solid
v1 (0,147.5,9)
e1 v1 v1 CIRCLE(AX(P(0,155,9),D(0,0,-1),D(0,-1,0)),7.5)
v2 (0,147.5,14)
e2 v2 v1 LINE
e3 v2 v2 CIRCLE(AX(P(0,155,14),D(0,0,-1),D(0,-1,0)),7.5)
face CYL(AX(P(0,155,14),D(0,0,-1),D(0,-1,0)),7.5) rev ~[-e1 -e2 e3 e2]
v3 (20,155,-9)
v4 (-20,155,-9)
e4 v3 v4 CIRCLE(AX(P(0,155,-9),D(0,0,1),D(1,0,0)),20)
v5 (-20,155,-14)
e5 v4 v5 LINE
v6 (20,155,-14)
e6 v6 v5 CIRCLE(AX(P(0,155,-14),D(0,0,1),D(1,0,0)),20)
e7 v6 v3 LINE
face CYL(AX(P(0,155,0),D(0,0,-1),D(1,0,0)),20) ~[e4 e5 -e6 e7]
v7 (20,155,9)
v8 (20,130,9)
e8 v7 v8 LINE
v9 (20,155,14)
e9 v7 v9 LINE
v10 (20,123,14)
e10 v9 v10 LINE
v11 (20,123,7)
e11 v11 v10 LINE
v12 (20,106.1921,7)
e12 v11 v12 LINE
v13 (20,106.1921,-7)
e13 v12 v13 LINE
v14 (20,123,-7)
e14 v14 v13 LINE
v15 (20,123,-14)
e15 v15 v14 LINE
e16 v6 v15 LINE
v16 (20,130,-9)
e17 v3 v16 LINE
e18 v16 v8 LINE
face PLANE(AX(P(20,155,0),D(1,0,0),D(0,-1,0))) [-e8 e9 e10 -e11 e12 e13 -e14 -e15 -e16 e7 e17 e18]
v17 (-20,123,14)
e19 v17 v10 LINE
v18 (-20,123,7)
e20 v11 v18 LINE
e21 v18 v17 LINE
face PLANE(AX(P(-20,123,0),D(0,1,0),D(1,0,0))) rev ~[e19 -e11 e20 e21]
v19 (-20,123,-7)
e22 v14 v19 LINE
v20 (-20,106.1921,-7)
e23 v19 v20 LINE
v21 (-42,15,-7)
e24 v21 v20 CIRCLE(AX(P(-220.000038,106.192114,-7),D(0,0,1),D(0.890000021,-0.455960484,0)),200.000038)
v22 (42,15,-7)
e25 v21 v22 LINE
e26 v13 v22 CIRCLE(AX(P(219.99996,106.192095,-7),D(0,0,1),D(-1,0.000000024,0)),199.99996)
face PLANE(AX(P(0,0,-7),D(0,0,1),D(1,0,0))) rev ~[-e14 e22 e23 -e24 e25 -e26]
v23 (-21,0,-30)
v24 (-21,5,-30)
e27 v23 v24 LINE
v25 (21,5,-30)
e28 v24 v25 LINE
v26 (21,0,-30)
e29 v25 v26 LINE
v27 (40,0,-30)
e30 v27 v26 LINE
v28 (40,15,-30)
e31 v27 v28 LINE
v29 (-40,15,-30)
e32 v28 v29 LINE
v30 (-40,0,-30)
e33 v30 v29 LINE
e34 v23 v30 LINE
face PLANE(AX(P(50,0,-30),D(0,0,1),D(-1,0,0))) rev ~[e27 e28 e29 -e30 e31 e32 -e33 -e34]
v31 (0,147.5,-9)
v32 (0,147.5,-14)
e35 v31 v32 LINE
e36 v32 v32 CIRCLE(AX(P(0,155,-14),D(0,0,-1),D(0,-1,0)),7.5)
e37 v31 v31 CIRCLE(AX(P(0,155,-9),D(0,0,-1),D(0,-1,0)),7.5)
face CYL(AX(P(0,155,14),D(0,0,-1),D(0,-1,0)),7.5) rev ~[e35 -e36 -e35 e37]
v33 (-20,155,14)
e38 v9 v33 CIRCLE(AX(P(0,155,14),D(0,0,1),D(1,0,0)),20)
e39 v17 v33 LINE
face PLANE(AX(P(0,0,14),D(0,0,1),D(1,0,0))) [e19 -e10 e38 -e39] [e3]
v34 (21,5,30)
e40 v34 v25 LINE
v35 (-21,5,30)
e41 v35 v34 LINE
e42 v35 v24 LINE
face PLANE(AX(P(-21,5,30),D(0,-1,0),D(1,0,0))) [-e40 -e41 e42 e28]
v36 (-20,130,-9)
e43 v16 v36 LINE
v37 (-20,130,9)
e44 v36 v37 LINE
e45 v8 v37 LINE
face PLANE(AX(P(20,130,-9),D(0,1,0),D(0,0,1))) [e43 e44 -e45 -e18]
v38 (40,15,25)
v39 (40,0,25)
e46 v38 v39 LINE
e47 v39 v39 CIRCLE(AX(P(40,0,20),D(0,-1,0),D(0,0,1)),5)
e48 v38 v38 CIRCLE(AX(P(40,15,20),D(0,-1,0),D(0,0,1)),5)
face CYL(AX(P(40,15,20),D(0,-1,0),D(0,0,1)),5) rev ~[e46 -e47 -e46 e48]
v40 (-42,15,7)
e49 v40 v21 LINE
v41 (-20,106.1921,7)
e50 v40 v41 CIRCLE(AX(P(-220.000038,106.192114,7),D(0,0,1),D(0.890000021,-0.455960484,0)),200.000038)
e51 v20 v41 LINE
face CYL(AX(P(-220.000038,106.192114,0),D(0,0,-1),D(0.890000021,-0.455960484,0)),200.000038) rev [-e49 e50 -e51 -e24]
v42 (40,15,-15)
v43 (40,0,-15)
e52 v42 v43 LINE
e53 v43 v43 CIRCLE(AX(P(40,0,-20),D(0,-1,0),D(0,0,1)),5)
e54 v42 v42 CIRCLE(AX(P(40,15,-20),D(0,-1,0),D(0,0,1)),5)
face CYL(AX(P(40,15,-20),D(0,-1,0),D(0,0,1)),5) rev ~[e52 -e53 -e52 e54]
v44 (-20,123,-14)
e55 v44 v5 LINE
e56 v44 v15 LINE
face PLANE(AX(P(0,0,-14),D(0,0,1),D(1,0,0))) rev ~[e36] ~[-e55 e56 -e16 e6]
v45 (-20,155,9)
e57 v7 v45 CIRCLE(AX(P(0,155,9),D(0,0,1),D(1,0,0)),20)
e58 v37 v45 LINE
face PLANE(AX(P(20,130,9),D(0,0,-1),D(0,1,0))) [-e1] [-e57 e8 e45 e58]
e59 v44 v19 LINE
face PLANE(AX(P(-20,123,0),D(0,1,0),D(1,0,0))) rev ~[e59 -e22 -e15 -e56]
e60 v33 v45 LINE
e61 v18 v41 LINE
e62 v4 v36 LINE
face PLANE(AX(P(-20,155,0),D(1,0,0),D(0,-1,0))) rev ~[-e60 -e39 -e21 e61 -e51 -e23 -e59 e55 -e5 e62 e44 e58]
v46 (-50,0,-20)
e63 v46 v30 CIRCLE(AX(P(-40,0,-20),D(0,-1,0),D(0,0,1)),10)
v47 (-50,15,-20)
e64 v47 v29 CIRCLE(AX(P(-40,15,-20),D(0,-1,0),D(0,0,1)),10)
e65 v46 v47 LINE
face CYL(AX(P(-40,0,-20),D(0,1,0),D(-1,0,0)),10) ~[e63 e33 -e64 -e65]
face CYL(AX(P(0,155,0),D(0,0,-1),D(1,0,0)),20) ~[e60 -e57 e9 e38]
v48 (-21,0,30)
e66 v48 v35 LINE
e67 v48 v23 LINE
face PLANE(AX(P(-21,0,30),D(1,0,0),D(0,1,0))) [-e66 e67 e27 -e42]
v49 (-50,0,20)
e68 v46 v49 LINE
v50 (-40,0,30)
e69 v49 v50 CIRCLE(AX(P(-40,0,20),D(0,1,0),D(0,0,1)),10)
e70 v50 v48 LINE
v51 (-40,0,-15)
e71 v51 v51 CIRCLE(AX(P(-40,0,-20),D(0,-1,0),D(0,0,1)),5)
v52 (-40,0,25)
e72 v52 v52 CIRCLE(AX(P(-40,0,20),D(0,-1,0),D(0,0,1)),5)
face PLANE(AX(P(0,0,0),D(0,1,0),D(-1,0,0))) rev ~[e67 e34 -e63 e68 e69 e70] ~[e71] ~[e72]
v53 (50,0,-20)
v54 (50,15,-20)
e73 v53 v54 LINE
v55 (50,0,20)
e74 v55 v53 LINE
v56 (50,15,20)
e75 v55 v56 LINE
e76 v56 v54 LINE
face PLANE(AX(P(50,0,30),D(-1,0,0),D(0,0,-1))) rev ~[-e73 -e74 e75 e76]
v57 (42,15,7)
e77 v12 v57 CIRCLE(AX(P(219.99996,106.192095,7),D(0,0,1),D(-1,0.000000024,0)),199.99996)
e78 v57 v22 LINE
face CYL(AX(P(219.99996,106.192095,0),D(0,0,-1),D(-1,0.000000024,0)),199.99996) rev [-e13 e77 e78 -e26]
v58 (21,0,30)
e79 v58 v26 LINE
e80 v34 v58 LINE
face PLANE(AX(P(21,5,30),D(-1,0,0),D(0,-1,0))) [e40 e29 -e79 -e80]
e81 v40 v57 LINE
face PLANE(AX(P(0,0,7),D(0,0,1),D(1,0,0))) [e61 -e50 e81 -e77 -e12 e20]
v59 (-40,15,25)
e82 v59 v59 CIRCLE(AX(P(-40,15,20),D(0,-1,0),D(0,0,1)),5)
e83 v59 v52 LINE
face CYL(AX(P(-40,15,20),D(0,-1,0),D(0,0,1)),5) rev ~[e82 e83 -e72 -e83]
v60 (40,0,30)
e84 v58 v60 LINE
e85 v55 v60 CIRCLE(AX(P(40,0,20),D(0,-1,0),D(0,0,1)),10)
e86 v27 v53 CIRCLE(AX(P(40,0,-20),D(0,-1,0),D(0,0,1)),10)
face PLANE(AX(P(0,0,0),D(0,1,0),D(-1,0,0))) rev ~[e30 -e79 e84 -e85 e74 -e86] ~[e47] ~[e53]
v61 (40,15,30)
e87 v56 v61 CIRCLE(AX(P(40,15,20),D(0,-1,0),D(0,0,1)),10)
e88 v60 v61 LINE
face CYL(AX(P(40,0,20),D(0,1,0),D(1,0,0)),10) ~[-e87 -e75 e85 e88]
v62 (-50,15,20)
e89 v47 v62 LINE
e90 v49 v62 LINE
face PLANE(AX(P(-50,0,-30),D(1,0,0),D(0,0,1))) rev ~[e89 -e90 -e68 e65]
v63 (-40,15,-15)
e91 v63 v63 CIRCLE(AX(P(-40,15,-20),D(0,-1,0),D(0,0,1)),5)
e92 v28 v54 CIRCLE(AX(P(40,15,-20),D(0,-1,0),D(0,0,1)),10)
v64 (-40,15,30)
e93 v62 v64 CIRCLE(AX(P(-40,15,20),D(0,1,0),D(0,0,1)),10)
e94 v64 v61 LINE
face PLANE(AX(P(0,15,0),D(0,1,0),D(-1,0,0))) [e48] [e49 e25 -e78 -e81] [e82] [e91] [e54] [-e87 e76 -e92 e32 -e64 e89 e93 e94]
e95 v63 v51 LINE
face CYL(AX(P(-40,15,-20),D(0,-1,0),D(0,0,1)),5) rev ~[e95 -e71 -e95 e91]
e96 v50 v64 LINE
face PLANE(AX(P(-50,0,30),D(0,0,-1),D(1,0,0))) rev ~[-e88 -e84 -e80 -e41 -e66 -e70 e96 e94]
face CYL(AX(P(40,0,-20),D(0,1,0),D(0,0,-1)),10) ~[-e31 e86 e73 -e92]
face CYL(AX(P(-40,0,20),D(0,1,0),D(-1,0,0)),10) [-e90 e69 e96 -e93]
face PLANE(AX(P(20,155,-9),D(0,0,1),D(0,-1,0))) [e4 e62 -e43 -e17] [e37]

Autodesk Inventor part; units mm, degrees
ref_plane "YZ Plane" through (0, 0, 0) normal (1, 0, 0) x (0, 1, 0)
ref_plane "XZ Plane" through (0, 0, 0) normal (0, 1, 0) x (-1, 0, 0)
ref_plane "XY Plane" through (0, 0, 0) normal (0, 0, 1) x (1, 0, 0)
sketch "Sketch1" plane through (0, 0, 0) normal (0, 1, 0) x (-1, 0, 0)
  line L0 (50, 30) -> (-50, 30)
  line L1 (-50, 30) -> (-50, -30)
  line L2 (-50, -30) -> (50, -30)
  line L3 (50, -30) -> (50, 30)
  line L4 (50, 30) -> (-50, -30) construction
  line L5 (-50, 30) -> (50, -30) construction
  point P0 (0, 0)
  dimension "d0" = 100
  dimension "d1" = 60
extrude "Extrusion1" add sketch "Sketch1" along normal blind 15
fillet "Fillet1" radius 10 4 edges at (50, 7.5, -30) (-50, 7.5, -30) (-50, 7.5, 30) (50, 7.5, 30)
sketch "Sketch2" plane through (0, 0, 0) normal (0, 0, 1) x (1, 0, 0)
  line L0 (40, 0) -> (-40, 0) projected
  arc A0 (20, 155) -> (-20, 155) centre (0, 155) ccw
  line L1 (-20, 155) -> (-20, 106.1921)
  arc A1 (-42, 15) -> (-20, 106.1921) centre (-220, 106.1921) ccw
  line L2 (40, 15) -> (-40, 15) projected
  line L3 (0, 155) -> (0, -9.0216)
  line L4 (20, 155) -> (20, 106.1921)
  arc A2 (20, 106.1921) -> (42, 15) centre (220, 106.1921) ccw
  line L5 (-42, 15) -> (42, 15)
  line L6 (-50, 15) -> (-40, 15) projected
  point P0 (0, 0)
  point P1 (0, 0)
  dimension "d5" = 20
  dimension "d6" = 155
  dimension "d7" = 84
  dimension "d8" = 200
extrude "Extrusion2" add sketch "Sketch2" along normal mid plane 14
sketch "Sketch3" plane through (0, 0, 0) normal (0, 0, 1) x (1, 0, 0)
  line L0 (-20, 106.1921) -> (-20, 155) projected
  line L1 (-20, 123) -> (20, 123)
  line L2 (20, 155) -> (20, 106.1921) projected
  arc A0 (20, 155) -> (-20, 155) centre (0, 155) ccw projected
  line L3 (-20, 155) -> (-20, 123)
  line L4 (20, 123) -> (20, 155)
  point P0 (0, 0)
  dimension "d11" = 32
extrude "Extrusion3" add sketch "Sketch3" along normal mid plane 28
sketch "Sketch4" plane through (20, 106.1921, 7) normal (1, 0, 0) x (0, 0, -1)
  line L0 (0, 0) -> (14, 0) projected
  line L1 (21, 48.8079) -> (-7, 48.8079) projected
  line L2 (-2, 68.8079) -> (16, 68.8079)
  line L3 (16, 68.8079) -> (16, 23.8079)
  line L4 (16, 23.8079) -> (-2, 23.8079)
  line L5 (-2, 23.8079) -> (-2, 68.8079)
  line L6 (21, 68.8079) -> (-7, 68.8079) projected
  point P0 (7, -106.1921)
  point P1 (7, 23.8079)
  point P2 (7, 0)
  dimension "d14" = 25
  dimension "d15" = 18
extrude "Extrusion4" cut sketch "Sketch4" against normal through all
sketch "Sketch5" plane through (-40, 0, 30) normal (0, 0, 1) x (1, 0, 0)
  line L0 (0, 0) -> (80, 0) projected
  line L1 (19, 5) -> (61, 5)
  line L2 (61, 5) -> (61, 0)
  line L3 (61, 0) -> (19, 0)
  line L4 (19, 0) -> (19, 5)
  point P0 (40, 0)
  point P1 (40, 0)
  point P2 (61, 0)
  dimension "d18" = 42
  dimension "d19" = 5
extrude "Extrusion5" cut sketch "Sketch5" against normal through all
sketch "Sketch6" plane through (0, 0, 14) normal (0, 0, 1) x (1, 0, 0)
  arc A0 (20, 155) -> (-20, 155) centre (0, 155) ccw projected
  point P0 (0, 0)
hole "Hole1" at (0, 155, 14) direction (0, 0, -1) diameter 15 end through all
sketch "Sketch7" plane through (0, 15, 0) normal (0, 1, 0) x (1, 0, 0)
  arc A0 (40, -30) -> (50, -20) centre (40, -20) ccw projected
  arc A1 (50, 20) -> (40, 30) centre (40, 20) ccw projected
  arc A2 (-40, 30) -> (-50, 20) centre (-40, 20) ccw projected
  arc A3 (-50, -20) -> (-40, -30) centre (-40, -20) ccw projected
  point P0 (0, 0)
hole "Hole2" at (-40, 15, -20) at (-40, 15, 20) at (40, 15, -20) at (40, 15, 20) direction (0, -1, 0) diameter 10 end through all
properties part number "Part012. HighStand" material "Steel, Cast"
